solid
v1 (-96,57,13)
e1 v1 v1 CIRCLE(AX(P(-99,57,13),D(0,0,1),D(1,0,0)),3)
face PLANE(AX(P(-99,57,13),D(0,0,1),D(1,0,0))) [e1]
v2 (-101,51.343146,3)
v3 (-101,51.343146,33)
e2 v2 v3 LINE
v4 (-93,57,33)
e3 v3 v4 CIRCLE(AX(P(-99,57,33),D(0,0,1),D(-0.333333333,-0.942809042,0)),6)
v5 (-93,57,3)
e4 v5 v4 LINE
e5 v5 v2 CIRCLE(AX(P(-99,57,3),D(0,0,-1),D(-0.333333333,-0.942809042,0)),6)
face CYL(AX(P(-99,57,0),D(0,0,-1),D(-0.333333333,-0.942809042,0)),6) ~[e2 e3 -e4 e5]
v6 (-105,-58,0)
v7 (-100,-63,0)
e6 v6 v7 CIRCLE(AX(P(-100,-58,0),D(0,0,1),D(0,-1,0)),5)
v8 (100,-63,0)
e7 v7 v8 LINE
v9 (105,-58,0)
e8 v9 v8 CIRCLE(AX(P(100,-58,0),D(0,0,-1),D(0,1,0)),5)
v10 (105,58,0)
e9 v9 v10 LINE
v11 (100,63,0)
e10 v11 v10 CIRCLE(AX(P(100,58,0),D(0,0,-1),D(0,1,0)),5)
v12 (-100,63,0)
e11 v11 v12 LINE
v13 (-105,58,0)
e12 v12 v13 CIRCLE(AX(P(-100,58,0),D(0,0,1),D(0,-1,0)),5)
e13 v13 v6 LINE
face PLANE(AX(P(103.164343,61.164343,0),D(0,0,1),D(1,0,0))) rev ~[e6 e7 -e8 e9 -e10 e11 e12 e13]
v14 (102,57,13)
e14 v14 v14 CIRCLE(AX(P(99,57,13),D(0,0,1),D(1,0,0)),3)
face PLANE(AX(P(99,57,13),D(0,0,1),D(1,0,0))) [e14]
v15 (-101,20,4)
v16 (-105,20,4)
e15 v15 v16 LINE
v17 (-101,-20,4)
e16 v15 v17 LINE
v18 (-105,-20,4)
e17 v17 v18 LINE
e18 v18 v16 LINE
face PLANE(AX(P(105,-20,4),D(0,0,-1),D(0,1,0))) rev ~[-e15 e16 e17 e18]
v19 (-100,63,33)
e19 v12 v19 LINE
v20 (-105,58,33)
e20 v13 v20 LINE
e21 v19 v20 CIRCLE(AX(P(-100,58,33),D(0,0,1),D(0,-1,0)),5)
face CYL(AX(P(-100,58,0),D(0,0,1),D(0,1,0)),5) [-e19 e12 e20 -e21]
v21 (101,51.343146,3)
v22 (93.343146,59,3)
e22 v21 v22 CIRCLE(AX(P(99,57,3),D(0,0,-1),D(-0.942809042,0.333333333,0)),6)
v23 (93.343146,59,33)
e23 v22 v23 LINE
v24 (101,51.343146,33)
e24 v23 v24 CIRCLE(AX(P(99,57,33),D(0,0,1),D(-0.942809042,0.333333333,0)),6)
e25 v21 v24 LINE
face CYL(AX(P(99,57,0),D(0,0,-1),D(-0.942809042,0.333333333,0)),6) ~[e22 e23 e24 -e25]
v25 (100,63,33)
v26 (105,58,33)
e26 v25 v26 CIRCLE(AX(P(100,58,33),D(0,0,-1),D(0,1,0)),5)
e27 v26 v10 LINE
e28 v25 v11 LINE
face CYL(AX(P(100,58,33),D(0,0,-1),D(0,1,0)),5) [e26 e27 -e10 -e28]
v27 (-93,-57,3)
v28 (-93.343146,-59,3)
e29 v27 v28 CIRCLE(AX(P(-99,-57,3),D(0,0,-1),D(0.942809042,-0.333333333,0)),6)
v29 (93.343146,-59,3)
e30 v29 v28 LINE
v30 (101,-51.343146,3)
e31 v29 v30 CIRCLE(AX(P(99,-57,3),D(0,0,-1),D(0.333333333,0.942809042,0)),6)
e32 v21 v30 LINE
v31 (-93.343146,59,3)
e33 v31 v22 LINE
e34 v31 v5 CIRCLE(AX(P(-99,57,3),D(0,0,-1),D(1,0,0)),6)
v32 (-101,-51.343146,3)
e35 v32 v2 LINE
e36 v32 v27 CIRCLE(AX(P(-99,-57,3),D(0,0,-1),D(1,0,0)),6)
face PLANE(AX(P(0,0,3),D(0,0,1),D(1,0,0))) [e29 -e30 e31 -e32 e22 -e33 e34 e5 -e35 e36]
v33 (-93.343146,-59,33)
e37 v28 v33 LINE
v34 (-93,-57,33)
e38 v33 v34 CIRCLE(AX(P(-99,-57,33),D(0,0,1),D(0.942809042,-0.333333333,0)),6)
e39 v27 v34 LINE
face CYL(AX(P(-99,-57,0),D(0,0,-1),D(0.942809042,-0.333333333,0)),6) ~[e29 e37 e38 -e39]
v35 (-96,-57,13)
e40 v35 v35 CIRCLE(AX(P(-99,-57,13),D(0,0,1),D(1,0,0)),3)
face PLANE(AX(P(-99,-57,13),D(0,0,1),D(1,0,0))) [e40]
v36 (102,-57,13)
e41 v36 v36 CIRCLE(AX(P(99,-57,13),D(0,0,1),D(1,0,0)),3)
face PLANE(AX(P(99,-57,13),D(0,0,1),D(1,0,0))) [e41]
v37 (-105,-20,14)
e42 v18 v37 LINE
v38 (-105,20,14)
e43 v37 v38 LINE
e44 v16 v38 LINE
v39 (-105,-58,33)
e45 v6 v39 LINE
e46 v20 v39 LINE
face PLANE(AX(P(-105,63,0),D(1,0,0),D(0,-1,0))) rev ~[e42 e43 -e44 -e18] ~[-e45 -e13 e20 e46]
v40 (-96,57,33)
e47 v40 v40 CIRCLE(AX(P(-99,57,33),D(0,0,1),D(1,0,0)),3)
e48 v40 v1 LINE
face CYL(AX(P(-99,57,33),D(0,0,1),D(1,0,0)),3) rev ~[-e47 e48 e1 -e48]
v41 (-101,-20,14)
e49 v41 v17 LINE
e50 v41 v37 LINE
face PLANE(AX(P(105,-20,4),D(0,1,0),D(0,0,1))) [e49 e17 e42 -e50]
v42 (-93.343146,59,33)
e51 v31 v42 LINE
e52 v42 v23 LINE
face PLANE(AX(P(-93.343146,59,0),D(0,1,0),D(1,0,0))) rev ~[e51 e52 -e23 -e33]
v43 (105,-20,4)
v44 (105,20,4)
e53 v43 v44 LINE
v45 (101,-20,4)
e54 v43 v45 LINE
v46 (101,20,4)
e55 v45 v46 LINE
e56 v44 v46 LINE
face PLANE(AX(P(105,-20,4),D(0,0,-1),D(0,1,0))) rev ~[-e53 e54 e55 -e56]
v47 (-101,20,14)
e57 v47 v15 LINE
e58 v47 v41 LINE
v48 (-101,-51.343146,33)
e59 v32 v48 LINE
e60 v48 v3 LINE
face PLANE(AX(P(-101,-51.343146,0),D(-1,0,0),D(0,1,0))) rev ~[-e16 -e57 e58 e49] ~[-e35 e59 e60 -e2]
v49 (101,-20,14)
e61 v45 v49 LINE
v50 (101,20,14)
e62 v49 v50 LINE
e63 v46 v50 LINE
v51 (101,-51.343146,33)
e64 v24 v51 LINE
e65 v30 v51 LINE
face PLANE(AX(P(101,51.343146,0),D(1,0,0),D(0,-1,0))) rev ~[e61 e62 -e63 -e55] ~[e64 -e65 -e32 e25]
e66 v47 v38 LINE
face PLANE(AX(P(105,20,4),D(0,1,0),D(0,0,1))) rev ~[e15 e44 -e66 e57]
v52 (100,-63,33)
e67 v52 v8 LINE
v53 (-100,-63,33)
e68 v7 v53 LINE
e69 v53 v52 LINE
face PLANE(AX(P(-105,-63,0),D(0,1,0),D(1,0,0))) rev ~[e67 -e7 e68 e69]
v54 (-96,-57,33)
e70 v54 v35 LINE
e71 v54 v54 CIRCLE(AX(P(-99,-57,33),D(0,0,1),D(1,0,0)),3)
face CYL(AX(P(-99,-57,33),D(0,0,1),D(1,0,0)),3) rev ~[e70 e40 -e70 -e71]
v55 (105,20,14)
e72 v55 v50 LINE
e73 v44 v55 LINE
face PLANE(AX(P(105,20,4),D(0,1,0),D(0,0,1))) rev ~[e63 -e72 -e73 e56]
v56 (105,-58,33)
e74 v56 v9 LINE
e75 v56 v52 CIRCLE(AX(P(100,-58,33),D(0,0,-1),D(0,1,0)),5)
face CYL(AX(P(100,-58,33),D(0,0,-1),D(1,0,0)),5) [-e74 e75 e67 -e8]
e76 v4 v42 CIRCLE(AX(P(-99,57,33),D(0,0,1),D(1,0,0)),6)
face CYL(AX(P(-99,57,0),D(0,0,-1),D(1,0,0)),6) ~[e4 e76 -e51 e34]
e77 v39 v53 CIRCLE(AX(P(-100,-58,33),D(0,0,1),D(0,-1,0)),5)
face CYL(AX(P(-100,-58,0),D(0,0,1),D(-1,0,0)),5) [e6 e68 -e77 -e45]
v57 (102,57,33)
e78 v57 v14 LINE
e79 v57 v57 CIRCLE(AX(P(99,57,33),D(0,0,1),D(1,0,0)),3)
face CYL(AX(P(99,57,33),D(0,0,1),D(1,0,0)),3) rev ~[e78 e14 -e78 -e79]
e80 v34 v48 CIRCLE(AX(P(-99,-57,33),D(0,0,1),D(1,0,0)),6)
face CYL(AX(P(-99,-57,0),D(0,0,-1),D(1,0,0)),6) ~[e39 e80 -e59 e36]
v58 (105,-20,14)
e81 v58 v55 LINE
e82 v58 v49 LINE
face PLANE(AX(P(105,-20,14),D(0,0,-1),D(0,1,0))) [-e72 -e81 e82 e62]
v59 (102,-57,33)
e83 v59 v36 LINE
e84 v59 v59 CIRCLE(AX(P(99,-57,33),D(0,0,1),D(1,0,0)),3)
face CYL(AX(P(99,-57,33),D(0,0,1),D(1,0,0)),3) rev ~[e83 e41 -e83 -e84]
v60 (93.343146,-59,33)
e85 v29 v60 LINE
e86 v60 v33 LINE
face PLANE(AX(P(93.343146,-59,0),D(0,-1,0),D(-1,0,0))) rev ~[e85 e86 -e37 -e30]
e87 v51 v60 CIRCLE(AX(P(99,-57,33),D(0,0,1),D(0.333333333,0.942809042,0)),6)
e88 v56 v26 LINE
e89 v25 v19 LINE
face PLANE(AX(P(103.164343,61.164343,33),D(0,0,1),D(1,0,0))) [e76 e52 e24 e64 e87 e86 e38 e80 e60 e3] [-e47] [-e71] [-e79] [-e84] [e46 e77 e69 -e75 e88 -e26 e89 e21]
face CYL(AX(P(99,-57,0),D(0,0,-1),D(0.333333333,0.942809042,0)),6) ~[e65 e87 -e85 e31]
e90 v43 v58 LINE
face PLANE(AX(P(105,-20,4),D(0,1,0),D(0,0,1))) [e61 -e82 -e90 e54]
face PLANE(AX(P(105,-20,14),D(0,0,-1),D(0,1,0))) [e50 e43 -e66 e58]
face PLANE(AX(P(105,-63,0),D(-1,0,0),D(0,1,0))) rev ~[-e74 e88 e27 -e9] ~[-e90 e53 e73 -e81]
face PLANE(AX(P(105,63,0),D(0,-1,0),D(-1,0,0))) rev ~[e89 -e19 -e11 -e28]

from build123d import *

# Parameters (mm, degrees)
F1_DEPTH = 33
F2_W     = 210
F2_H     = 126
F3_DEPTH = 3
F4_W     = 40
F4_H     = 10
F5_DEPTH = 210.001
F6_R     = 5
F7_R     = 3
F8_DEPTH = 20


with BuildPart() as f1:
    # F0 (on Top) → F1 (new body)
    with BuildSketch(Plane.XY):
        with BuildLine():
            Line((105, 57), (105, 63))
            Line((105, 63), (99, 63))
            ThreePointArc((99, 63), (103.2426406871, 61.2426406871), (105, 57))
        make_face()
        with BuildLine():
            ThreePointArc((-105, 57), (-103.2426406871, 61.2426406871), (-99, 63))
            Line((-99, 63), (-105, 63))
            Line((-105, 63), (-105, 57))
        make_face()
        with BuildLine():
            Line((105, -63), (105, -57))
            ThreePointArc((105, -57), (103.2426406871, -61.2426406871), (99, -63))
            Line((99, -63), (105, -63))
        make_face()
        with BuildLine():
            ThreePointArc((-99, -63), (-103.242640668, -61.2426407063), (-105, -57.0000000541))
            Line((-105, -57.0000000541), (-105, -63))
            Line((-105, -63), (-99, -63))
        make_face()
        with BuildLine():
            Line((-99, -63), (99, -63))
            ThreePointArc((99, -63), (95.5358983849, -61.8989794856), (93.3431457505, -59))
            Line((93.3431457505, -59), (-93.3431457505, -59))
            ThreePointArc((-93.3431457505, -59), (-95.5358983849, -61.8989794856), (-99, -63))
        make_face()
        with BuildLine():
            Line((105, -57), (105, 57))
            ThreePointArc((105, 57), (103.8989794856, 53.5358983849), (101, 51.3431457505))
            Line((101, 51.3431457505), (101, -51.3431457505))
            ThreePointArc((101, -51.3431457505), (103.8989794856, -53.5358983849), (105, -57))
        make_face()
        with BuildLine():
            ThreePointArc((-101, 51.3431457505), (-103.8989794856, 53.5358983849), (-105, 57))
            Line((-105, 57), (-105, -57.0000000541))
            ThreePointArc((-105, -57.0000000541), (-103.8989795012, -53.535898407), (-101, -51.3431457505))
            Line((-101, -51.3431457505), (-101, 51.3431457505))
        make_face()
        with BuildLine():
            ThreePointArc((-93.3431457505, 59), (-95.5358983849, 61.8989794856), (-99, 63))
            ThreePointArc((-99, 63), (-103.2426406871, 61.2426406871), (-105, 57))
            ThreePointArc((-105, 57), (-103.8989794856, 53.5358983849), (-101, 51.3431457505))
            Line((-101, 51.3431457505), (-101, 59))
            Line((-101, 59), (-93.3431457505, 59))
        make_face()
        with BuildLine():
            ThreePointArc((-101, -51.3431457505), (-103.8989795012, -53.535898407), (-105, -57.0000000541))
            ThreePointArc((-105, -57.0000000541), (-103.242640668, -61.2426407063), (-99, -63))
            ThreePointArc((-99, -63), (-95.5358983849, -61.8989794856), (-93.3431457505, -59))
            Line((-93.3431457505, -59), (-101, -59))
            Line((-101, -59), (-101, -51.3431457505))
        make_face()
        with BuildLine():
            ThreePointArc((105, 57), (103.2426406871, 61.2426406871), (99, 63))
            ThreePointArc((99, 63), (95.5358983849, 61.8989794856), (93.3431457505, 59))
            Line((93.3431457505, 59), (101, 59))
            Line((101, 59), (101, 51.3431457505))
            ThreePointArc((101, 51.3431457505), (103.8989794856, 53.5358983849), (105, 57))
        make_face()
        with BuildLine():
            ThreePointArc((99, -63), (103.2426406871, -61.2426406871), (105, -57))
            ThreePointArc((105, -57), (103.8989794856, -53.5358983849), (101, -51.3431457505))
            Line((101, -51.3431457505), (101, -59))
            Line((101, -59), (93.3431457505, -59))
            ThreePointArc((93.3431457505, -59), (95.5358983849, -61.8989794856), (99, -63))
        make_face()
        with BuildLine():
            Line((101, 59), (93.3431457505, 59))
            ThreePointArc((93.3431457505, 59), (94.7573593129, 52.7573593129), (101, 51.3431457505))
            Line((101, 51.3431457505), (101, 59))
        make_face()
        with BuildLine():
            ThreePointArc((-93, 57), (-93.0864086421, 58.0146118724), (-93.3431457505, 59))
            Line((-93.3431457505, 59), (-101, 59))
            Line((-101, 59), (-101, 51.3431457505))
            ThreePointArc((-101, 51.3431457505), (-95.5358983849, 52.1010205144), (-93, 57))
        make_face()
        with BuildLine():
            ThreePointArc((-93, -57), (-95.5358983849, -52.1010205144), (-101, -51.3431457505))
            Line((-101, -51.3431457505), (-101, -59))
            Line((-101, -59), (-93.3431457505, -59))
            ThreePointArc((-93.3431457505, -59), (-93.0864086421, -58.0146118724), (-93, -57))
        make_face()
        with BuildLine():
            Line((101, -59), (101, -51.3431457505))
            ThreePointArc((101, -51.3431457505), (94.7573593129, -52.7573593129), (93.3431457505, -59))
            Line((93.3431457505, -59), (101, -59))
        make_face()
        with BuildLine():
            ThreePointArc((93.3431457505, 59), (95.5358983849, 61.8989794856), (99, 63))
            Line((99, 63), (-99, 63))
            ThreePointArc((-99, 63), (-95.5358983849, 61.8989794856), (-93.3431457505, 59))
            Line((-93.3431457505, 59), (93.3431457505, 59))
        make_face()
    extrude(amount=F1_DEPTH)

    # F2 (on Top) → F3 (join)
    with BuildSketch(Plane.XY):
        Rectangle(F2_W, F2_H)
    extrude(amount=F3_DEPTH)

    # F4 (on face) → F5 (cut, through all)
    with BuildSketch(Plane.YZ.offset(105)):
        with Locations((0, 9)):
            Rectangle(F4_W, F4_H)
    extrude(amount=-F5_DEPTH, mode=Mode.SUBTRACT)

    # F6
    f6_edges = [f1.edges().sort_by_distance(p)[0] for p in [
        (-105, 63, 16.5),
        (105, 63, 16.5),
        (105, -63, 16.5),
        (-105, -63, 16.5),
    ]]
    fillet(f6_edges, radius=F6_R)

    # F7 (on face) → F8 (cut)
    with BuildSketch(Plane.XY.offset(33)):
        with Locations((-99, 57)):
            Circle(F7_R)
        with Locations((99, 57)):
            Circle(F7_R)
        with Locations((99, -57)):
            Circle(F7_R)
        with Locations((-99, -57)):
            Circle(F7_R)
    extrude(amount=-F8_DEPTH, mode=Mode.SUBTRACT)


solid = f1.part
